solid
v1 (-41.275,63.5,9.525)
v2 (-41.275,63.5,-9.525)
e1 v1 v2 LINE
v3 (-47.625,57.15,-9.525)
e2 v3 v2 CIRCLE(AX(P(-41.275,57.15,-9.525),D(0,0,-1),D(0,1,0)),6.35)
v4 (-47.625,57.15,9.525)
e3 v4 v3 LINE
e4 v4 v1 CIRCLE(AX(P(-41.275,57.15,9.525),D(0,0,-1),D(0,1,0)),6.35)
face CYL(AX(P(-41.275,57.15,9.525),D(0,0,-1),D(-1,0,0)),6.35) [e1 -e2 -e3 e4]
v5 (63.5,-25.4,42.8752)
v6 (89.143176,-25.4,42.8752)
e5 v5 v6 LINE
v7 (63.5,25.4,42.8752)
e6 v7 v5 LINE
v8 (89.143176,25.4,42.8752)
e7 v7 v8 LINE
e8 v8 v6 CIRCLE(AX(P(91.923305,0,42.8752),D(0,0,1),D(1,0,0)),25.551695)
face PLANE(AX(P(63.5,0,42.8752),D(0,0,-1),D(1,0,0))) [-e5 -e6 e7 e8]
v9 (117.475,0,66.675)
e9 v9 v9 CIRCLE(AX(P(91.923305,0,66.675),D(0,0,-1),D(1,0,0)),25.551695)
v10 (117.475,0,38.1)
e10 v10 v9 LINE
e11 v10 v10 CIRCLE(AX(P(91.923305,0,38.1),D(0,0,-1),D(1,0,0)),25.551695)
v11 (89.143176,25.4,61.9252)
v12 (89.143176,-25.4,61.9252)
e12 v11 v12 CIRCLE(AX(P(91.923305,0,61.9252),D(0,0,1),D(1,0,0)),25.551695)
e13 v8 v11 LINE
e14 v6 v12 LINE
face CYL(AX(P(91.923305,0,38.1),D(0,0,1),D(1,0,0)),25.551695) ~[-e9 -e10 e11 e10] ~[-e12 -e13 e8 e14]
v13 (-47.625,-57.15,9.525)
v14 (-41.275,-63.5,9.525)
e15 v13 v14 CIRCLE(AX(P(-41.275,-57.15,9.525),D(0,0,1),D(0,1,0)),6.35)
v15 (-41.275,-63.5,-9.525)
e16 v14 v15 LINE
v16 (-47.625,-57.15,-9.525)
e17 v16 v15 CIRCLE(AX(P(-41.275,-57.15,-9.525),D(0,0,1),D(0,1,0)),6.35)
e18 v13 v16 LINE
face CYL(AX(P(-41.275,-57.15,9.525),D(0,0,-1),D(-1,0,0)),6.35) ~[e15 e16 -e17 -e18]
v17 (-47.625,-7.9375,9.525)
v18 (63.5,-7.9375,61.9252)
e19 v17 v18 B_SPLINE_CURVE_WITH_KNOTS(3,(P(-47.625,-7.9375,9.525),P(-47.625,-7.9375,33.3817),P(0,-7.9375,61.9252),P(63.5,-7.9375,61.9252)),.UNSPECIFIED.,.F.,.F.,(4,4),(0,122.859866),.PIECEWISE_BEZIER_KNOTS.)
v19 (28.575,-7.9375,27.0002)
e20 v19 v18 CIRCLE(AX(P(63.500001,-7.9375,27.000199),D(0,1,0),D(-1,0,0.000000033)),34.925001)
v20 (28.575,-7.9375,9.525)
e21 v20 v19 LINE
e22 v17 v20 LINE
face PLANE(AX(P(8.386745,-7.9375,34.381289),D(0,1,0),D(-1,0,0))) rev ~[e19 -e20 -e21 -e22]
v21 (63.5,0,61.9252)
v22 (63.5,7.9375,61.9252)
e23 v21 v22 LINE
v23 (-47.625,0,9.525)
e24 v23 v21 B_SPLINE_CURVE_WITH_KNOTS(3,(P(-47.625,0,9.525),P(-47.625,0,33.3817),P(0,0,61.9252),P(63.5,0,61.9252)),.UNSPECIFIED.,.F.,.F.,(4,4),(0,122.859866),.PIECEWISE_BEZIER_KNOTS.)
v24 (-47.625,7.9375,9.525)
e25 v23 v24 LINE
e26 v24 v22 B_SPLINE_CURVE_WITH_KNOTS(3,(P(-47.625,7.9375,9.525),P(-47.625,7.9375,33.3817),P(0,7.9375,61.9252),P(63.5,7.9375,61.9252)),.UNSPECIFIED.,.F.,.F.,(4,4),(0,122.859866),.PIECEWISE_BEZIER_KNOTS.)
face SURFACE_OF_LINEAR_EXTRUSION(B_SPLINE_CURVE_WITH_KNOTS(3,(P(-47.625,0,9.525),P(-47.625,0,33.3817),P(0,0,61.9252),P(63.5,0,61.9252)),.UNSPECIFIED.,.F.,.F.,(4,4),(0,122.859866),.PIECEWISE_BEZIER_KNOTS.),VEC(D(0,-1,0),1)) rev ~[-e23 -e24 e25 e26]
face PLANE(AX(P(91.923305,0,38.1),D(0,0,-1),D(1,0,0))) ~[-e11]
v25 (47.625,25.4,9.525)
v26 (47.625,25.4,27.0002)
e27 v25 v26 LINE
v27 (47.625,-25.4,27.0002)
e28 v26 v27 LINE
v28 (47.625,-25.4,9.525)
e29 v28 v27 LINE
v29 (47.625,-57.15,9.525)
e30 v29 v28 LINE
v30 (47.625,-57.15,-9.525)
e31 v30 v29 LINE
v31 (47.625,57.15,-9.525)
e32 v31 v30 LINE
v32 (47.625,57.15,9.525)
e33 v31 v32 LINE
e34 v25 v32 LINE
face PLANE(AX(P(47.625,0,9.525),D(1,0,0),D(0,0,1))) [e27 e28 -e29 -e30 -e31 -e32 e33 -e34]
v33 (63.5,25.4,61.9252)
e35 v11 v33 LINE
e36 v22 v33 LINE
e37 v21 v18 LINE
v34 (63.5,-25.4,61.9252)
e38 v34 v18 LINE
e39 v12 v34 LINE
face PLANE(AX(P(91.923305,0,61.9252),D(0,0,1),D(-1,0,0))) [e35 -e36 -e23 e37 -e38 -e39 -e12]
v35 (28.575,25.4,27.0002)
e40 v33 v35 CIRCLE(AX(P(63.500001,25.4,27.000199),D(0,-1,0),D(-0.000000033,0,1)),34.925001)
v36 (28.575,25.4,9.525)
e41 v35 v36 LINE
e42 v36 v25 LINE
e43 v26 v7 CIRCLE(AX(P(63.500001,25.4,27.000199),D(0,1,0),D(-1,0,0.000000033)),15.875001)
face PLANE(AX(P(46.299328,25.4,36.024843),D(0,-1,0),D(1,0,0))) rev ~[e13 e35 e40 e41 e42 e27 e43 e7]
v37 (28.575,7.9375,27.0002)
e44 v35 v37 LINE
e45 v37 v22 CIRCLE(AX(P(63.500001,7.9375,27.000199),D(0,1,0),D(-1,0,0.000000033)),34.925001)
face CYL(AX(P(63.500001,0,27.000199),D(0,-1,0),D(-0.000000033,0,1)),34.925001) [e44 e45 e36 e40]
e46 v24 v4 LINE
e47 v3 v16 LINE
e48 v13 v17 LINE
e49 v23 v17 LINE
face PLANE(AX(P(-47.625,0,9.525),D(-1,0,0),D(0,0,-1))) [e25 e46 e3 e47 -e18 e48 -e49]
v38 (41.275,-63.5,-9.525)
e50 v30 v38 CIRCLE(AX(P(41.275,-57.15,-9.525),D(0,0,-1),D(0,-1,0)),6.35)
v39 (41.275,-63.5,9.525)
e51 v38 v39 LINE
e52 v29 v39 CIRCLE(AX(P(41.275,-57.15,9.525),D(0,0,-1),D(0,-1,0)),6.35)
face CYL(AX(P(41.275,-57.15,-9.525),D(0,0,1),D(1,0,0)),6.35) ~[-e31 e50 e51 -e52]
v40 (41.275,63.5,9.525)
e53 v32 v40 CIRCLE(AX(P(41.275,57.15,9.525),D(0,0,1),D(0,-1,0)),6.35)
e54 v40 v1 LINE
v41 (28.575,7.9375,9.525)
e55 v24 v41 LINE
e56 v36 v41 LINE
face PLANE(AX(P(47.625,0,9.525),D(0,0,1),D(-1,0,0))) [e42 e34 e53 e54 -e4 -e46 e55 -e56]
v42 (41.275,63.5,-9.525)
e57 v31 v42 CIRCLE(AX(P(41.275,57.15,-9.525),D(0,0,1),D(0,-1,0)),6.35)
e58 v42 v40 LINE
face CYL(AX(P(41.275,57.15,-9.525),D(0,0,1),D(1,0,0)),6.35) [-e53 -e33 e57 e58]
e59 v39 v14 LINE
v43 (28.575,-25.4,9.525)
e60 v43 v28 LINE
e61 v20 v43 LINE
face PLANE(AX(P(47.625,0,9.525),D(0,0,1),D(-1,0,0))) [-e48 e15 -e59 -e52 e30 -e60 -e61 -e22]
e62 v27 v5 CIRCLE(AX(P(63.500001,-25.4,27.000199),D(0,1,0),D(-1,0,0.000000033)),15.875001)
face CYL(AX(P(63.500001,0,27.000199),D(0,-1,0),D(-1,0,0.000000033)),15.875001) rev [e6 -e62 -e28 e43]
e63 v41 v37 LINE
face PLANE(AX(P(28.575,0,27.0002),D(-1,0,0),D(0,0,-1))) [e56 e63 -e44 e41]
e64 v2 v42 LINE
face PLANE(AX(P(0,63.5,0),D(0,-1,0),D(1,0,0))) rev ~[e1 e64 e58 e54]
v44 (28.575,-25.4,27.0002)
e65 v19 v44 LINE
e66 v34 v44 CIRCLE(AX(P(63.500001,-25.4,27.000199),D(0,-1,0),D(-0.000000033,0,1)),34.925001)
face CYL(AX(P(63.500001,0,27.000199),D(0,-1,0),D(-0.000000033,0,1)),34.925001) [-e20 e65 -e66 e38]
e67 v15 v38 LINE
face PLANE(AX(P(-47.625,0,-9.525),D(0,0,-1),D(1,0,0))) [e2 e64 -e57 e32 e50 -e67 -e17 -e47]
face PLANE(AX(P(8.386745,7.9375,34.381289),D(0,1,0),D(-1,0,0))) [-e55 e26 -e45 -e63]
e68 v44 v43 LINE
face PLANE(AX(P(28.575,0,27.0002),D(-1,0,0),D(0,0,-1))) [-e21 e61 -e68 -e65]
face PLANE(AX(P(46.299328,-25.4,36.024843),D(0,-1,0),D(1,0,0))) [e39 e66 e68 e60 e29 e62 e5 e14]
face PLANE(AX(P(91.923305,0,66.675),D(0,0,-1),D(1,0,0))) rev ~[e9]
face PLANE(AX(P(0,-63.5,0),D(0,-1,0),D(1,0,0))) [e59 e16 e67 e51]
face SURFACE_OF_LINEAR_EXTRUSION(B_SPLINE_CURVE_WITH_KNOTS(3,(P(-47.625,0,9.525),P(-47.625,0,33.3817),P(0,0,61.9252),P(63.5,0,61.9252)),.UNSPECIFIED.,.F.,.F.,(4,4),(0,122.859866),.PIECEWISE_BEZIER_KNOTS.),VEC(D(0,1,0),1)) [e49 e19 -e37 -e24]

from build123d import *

# Parameters (mm, degrees)
F1_DEPTH = 63.5
F2_DEPTH = 7.9375
F0_W     = 25.248305
F0_H     = 19.05
F3_DEPTH = 25.4
F5_R     = 6.35


with BuildPart() as f1:
    # F0 (on Front) → F1 (new body, symmetric)
    with BuildSketch(Plane.XZ):
        Polygon((28.575, 9.525), (-47.625, 9.525), (-47.625, -9.525), (47.625, -9.525), (47.625, 9.525), align=None)
    extrude(amount=F1_DEPTH, both=True)

    # F0 (on Front) → F2 (join, symmetric)
    with BuildSketch(Plane.XZ):
        with BuildLine():
            add(Edge.make_bspline(
                [(-47.625, 9.525), (-47.625, 33.3817), (0, 61.9252), (63.5, 61.9252)],
                knots=[0, 0, 0, 0, 122.859866, 122.859866, 122.859866, 122.859866], degree=3))
            Line((-47.625, 9.525), (28.575, 9.525))
            Line((28.575, 9.525), (28.575, 27.0002))
            ThreePointArc((28.575, 27.0002), (38.804296, 51.695904), (63.5, 61.9252))
        make_face()
    extrude(amount=F2_DEPTH, both=True)

    # F0 (on Front) → F3 (join, symmetric)
    with BuildSketch(Plane.XZ):
        with BuildLine():
            Line((28.575, 27.0002), (28.575, 9.525))
            Line((28.575, 9.525), (47.625, 9.525))
            Line((47.625, 9.525), (47.625, 27.0002))
            ThreePointArc((47.625, 27.0002), (52.27468, 38.22552), (63.5, 42.8752))
            Line((63.5, 42.8752), (66.675, 42.8752))
            Line((66.675, 42.8752), (66.675, 61.9252))
            Line((66.675, 61.9252), (63.5, 61.9252))
            ThreePointArc((63.5, 61.9252), (38.804296, 51.695904), (28.575, 27.0002))
        make_face()
        with Locations((79.299152, 52.4002)):
            Rectangle(F0_W, F0_H)
    extrude(amount=F3_DEPTH, both=True)

    # F0 (on Front) → F4 (revolve)
    with BuildSketch(Plane.XZ):
        Polygon((91.923305, 66.675), (91.923305, 61.9252), (91.923305, 42.8752), (91.923305, 38.1), (117.475, 38.1), (117.475, 66.675), align=None)
    revolve(axis=Axis((91.923305, 0, 52.3875), (0, 0, -1)))

    # F5
    f5_edges = [f1.edges().sort_by_distance(p)[0] for p in [
        (47.625, -63.5, 0),
        (-47.625, -63.5, 0),
        (-47.625, 63.5, 0),
        (47.625, 63.5, 0),
    ]]
    fillet(f5_edges, radius=F5_R)


solid = f1.part
